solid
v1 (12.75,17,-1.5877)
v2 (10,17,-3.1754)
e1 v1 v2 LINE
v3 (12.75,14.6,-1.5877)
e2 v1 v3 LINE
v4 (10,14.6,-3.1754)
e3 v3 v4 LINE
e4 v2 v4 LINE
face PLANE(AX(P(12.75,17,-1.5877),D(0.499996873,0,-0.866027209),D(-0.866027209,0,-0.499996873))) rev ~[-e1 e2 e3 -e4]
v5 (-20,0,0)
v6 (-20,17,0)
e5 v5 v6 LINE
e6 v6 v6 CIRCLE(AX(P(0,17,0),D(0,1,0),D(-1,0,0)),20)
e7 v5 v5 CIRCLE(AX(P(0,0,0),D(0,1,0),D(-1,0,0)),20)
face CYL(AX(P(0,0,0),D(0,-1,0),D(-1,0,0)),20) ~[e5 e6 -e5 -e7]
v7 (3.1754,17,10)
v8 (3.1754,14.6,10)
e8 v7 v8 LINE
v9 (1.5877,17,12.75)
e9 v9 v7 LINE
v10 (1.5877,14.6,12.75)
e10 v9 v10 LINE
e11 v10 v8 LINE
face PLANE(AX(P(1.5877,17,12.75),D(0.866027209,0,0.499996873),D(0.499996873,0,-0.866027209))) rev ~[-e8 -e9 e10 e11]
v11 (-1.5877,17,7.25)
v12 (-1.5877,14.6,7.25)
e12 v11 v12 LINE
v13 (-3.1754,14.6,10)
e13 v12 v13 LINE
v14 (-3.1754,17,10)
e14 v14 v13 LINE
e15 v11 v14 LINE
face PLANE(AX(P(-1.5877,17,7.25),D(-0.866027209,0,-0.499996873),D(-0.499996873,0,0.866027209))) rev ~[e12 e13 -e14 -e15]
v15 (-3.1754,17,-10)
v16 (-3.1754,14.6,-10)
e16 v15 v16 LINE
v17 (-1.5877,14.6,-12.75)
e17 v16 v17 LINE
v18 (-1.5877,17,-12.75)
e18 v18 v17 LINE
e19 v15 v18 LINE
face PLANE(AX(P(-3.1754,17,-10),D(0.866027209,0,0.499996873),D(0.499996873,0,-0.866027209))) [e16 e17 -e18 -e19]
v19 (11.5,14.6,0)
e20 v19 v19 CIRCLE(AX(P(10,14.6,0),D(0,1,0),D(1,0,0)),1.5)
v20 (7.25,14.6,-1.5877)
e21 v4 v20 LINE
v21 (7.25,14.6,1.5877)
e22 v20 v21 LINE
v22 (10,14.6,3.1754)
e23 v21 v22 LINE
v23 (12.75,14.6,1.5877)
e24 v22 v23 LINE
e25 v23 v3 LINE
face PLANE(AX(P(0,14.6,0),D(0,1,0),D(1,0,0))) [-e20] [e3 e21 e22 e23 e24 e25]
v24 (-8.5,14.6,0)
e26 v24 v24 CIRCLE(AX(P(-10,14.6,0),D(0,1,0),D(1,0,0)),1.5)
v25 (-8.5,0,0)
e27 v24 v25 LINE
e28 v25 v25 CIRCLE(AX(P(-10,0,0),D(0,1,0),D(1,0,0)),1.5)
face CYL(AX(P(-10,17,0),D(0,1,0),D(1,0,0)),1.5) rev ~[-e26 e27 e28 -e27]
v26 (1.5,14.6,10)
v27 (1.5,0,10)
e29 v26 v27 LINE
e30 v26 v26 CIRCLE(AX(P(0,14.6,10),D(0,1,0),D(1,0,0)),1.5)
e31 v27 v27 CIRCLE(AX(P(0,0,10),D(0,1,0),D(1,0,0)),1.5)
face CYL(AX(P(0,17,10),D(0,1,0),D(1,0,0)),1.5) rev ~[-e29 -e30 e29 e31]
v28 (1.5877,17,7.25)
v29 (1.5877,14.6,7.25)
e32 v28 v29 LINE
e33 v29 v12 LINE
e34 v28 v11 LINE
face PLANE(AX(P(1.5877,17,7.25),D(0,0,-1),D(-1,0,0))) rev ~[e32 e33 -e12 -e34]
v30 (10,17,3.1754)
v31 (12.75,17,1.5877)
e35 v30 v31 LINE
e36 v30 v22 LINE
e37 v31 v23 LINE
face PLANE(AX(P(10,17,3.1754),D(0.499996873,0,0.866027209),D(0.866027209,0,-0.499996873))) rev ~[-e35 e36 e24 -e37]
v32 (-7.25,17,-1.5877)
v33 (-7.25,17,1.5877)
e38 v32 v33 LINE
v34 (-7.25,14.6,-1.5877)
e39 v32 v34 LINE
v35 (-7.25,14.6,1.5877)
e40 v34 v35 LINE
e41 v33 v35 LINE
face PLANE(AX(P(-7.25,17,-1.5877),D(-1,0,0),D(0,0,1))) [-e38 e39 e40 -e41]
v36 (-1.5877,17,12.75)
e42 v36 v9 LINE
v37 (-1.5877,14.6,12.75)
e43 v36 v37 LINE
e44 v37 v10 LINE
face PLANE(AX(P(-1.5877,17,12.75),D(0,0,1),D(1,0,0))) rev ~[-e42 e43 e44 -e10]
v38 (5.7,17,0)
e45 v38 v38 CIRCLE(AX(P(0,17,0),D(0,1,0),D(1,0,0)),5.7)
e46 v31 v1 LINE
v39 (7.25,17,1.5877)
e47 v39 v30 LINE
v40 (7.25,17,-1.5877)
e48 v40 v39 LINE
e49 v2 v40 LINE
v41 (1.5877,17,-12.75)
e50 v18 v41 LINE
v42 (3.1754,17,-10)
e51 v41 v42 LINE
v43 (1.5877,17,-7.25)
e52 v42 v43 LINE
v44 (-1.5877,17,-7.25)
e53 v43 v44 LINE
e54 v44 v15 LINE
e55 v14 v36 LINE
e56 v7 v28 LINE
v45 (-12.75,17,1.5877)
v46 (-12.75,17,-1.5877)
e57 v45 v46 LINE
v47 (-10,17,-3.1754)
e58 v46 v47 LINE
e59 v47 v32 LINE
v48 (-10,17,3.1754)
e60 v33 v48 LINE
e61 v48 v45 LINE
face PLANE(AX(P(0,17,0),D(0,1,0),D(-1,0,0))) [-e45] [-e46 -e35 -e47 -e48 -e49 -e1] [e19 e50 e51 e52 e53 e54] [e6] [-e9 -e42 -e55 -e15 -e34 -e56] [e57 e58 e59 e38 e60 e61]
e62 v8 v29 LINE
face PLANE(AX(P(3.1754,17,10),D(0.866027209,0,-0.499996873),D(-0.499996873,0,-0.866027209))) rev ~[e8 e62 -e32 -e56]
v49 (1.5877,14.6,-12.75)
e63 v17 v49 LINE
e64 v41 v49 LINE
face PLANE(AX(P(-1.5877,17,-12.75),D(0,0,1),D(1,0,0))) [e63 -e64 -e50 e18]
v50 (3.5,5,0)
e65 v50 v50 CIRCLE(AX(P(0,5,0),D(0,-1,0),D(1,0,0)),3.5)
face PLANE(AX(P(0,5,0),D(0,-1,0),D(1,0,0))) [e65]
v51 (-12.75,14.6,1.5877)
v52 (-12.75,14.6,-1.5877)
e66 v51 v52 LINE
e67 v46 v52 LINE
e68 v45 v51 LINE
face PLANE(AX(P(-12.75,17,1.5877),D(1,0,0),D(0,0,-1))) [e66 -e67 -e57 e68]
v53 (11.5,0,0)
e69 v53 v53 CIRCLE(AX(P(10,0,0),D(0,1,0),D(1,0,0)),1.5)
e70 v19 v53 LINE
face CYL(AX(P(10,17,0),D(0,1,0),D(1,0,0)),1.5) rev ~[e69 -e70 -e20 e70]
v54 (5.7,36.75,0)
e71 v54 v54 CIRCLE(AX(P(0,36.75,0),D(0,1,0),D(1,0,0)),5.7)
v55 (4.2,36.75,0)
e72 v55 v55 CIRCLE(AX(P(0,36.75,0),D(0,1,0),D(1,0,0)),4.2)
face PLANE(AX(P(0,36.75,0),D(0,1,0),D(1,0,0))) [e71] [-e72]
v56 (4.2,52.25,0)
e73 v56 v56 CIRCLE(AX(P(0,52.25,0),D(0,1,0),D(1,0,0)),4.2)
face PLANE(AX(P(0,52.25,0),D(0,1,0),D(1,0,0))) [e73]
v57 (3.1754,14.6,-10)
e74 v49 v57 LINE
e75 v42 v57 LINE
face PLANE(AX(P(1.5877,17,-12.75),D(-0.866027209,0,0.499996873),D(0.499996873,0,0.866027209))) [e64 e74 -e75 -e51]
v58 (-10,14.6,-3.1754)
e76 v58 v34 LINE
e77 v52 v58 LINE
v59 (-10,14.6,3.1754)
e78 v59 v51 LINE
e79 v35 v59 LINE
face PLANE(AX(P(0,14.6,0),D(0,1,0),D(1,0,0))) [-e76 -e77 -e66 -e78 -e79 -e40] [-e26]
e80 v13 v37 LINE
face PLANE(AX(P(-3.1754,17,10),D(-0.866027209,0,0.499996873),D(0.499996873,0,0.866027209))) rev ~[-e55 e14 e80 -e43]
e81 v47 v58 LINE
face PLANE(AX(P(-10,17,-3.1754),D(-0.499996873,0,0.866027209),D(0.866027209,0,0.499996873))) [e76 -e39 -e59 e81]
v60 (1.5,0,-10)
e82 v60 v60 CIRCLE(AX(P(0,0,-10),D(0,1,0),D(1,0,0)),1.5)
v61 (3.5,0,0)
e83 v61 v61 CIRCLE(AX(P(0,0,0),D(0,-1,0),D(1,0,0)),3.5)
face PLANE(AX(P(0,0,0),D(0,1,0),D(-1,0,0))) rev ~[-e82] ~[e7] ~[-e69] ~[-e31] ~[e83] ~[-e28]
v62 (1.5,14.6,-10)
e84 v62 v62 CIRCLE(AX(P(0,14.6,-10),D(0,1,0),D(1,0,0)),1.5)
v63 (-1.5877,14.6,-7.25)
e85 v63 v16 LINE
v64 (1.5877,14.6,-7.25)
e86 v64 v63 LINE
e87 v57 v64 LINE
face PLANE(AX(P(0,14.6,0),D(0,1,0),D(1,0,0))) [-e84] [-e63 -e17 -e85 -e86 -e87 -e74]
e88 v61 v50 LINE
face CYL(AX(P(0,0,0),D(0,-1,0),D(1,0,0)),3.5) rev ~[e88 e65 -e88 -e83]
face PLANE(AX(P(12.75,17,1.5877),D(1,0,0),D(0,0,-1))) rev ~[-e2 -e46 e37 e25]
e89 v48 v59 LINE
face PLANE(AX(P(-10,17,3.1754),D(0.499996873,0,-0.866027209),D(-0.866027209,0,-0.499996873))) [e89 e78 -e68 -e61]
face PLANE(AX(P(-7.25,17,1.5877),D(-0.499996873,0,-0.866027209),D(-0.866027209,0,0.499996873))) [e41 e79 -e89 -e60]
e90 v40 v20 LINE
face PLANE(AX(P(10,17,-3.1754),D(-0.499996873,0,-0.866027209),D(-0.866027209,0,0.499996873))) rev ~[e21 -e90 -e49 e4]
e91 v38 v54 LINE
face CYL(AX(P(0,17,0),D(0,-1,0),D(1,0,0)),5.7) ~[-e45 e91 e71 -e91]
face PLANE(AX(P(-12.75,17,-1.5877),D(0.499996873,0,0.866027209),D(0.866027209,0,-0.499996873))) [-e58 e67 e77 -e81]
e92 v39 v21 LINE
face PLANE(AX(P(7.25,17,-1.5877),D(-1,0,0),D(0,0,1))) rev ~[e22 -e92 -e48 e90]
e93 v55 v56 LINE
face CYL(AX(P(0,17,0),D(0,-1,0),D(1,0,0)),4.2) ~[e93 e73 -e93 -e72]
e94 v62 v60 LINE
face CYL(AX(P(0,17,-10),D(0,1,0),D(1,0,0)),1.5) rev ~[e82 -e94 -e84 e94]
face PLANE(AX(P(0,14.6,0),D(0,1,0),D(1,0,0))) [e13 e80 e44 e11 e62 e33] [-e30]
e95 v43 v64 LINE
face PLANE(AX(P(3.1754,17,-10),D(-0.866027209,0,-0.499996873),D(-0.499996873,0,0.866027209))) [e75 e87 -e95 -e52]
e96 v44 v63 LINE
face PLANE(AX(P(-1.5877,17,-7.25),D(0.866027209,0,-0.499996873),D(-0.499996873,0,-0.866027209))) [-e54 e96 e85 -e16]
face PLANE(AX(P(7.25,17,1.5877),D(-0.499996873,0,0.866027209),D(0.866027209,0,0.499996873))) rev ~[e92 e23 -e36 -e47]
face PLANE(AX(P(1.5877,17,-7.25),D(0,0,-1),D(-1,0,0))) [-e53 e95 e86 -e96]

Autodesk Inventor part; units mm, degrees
ref_plane "YZ Plane" through (0, 0, 0) normal (1, 0, 0) x (0, 1, 0)
ref_plane "XZ Plane" through (0, 0, 0) normal (0, 1, 0) x (-1, 0, 0)
ref_plane "XY Plane" through (0, 0, 0) normal (0, 0, 1) x (1, 0, 0)
sketch "Sketch1" plane through (0, 0, 0) normal (0, 1, 0) x (-1, 0, 0)
  circle A0 centre (0, 0) radius 20
  dimension "d0" = 40
extrude "Extrusion1" add sketch "Sketch1" along normal blind 17
sketch "Sketch2" plane through (0, 17, 0) normal (0, 1, 0) x (1, 0, 0)
  circle A0 centre (-10, 0) radius 1.5
  circle A1 centre (10, 0) radius 1.5
  circle A2 centre (0, 10) radius 1.5
  circle A3 centre (0, -10) radius 1.5
  circle A4 centre (0, 0) radius 4.2
  circle A5 centre (0, 0) radius 5.7
  line L0 (-10, 3.1754) -> (-7.25, 1.5877)
  line L1 (-7.25, 1.5877) -> (-7.25, -1.5877)
  line L2 (-7.25, -1.5877) -> (-10, -3.1754)
  line L3 (-10, -3.1754) -> (-12.75, -1.5877)
  line L4 (-12.75, -1.5877) -> (-12.75, 1.5877)
  line L5 (-12.75, 1.5877) -> (-10, 3.1754)
  line L6 (10, 3.1754) -> (7.25, 1.5877)
  line L7 (7.25, 1.5877) -> (7.25, -1.5877)
  line L8 (7.25, -1.5877) -> (10, -3.1754)
  line L9 (10, -3.1754) -> (12.75, -1.5877)
  line L10 (12.75, -1.5877) -> (12.75, 1.5877)
  line L11 (12.75, 1.5877) -> (10, 3.1754)
  line L12 (1.5877, 12.75) -> (3.1754, 10)
  line L13 (-1.5877, 12.75) -> (1.5877, 12.75)
  line L14 (-3.1754, 10) -> (-1.5877, 12.75)
  line L15 (-1.5877, 7.25) -> (-3.1754, 10)
  line L16 (1.5877, 7.25) -> (-1.5877, 7.25)
  line L17 (3.1754, 10) -> (1.5877, 7.25)
  line L18 (3.1754, -10) -> (1.5877, -7.25)
  line L19 (1.5877, -12.75) -> (3.1754, -10)
  line L20 (-1.5877, -12.75) -> (1.5877, -12.75)
  line L21 (-3.1754, -10) -> (-1.5877, -12.75)
  line L22 (-1.5877, -7.25) -> (-3.1754, -10)
  line L23 (1.5877, -7.25) -> (-1.5877, -7.25)
  dimension "d6" = 3
  dimension "d13" = 8.4
  dimension "d16" = 1.5
sketch "Sketch3" plane through (0, 0, 0) normal (0, -1, 0) x (1, 0, 0)
  circle A0 centre (0, 0) radius 3.5
  dimension "d8" = 7
extrude "Extrusion2" cut sketch "Sketch3" against normal blind 5
extrude "Extrusion4" cut sketch "Sketch2" against normal through all contours A0 | A1 | A2 | A3
extrude "Extrusion5" add sketch "Sketch2" along normal blind 19.75 contours A5
extrude "Extrusion6" add sketch "Sketch2" along normal blind 35.25 contours A4
extrude "Extrusion7" cut sketch "Sketch2" against normal blind 2.4 contours A0 | L0 L1 L2 L3 L4 L5 | L11 L10 L9 L8 L7 L6 | L12 L17 L16 L15 L14 L13 | L19 L20 L21 L22 L23 L18
properties part number "Encoder_coupler_3DPrint"
